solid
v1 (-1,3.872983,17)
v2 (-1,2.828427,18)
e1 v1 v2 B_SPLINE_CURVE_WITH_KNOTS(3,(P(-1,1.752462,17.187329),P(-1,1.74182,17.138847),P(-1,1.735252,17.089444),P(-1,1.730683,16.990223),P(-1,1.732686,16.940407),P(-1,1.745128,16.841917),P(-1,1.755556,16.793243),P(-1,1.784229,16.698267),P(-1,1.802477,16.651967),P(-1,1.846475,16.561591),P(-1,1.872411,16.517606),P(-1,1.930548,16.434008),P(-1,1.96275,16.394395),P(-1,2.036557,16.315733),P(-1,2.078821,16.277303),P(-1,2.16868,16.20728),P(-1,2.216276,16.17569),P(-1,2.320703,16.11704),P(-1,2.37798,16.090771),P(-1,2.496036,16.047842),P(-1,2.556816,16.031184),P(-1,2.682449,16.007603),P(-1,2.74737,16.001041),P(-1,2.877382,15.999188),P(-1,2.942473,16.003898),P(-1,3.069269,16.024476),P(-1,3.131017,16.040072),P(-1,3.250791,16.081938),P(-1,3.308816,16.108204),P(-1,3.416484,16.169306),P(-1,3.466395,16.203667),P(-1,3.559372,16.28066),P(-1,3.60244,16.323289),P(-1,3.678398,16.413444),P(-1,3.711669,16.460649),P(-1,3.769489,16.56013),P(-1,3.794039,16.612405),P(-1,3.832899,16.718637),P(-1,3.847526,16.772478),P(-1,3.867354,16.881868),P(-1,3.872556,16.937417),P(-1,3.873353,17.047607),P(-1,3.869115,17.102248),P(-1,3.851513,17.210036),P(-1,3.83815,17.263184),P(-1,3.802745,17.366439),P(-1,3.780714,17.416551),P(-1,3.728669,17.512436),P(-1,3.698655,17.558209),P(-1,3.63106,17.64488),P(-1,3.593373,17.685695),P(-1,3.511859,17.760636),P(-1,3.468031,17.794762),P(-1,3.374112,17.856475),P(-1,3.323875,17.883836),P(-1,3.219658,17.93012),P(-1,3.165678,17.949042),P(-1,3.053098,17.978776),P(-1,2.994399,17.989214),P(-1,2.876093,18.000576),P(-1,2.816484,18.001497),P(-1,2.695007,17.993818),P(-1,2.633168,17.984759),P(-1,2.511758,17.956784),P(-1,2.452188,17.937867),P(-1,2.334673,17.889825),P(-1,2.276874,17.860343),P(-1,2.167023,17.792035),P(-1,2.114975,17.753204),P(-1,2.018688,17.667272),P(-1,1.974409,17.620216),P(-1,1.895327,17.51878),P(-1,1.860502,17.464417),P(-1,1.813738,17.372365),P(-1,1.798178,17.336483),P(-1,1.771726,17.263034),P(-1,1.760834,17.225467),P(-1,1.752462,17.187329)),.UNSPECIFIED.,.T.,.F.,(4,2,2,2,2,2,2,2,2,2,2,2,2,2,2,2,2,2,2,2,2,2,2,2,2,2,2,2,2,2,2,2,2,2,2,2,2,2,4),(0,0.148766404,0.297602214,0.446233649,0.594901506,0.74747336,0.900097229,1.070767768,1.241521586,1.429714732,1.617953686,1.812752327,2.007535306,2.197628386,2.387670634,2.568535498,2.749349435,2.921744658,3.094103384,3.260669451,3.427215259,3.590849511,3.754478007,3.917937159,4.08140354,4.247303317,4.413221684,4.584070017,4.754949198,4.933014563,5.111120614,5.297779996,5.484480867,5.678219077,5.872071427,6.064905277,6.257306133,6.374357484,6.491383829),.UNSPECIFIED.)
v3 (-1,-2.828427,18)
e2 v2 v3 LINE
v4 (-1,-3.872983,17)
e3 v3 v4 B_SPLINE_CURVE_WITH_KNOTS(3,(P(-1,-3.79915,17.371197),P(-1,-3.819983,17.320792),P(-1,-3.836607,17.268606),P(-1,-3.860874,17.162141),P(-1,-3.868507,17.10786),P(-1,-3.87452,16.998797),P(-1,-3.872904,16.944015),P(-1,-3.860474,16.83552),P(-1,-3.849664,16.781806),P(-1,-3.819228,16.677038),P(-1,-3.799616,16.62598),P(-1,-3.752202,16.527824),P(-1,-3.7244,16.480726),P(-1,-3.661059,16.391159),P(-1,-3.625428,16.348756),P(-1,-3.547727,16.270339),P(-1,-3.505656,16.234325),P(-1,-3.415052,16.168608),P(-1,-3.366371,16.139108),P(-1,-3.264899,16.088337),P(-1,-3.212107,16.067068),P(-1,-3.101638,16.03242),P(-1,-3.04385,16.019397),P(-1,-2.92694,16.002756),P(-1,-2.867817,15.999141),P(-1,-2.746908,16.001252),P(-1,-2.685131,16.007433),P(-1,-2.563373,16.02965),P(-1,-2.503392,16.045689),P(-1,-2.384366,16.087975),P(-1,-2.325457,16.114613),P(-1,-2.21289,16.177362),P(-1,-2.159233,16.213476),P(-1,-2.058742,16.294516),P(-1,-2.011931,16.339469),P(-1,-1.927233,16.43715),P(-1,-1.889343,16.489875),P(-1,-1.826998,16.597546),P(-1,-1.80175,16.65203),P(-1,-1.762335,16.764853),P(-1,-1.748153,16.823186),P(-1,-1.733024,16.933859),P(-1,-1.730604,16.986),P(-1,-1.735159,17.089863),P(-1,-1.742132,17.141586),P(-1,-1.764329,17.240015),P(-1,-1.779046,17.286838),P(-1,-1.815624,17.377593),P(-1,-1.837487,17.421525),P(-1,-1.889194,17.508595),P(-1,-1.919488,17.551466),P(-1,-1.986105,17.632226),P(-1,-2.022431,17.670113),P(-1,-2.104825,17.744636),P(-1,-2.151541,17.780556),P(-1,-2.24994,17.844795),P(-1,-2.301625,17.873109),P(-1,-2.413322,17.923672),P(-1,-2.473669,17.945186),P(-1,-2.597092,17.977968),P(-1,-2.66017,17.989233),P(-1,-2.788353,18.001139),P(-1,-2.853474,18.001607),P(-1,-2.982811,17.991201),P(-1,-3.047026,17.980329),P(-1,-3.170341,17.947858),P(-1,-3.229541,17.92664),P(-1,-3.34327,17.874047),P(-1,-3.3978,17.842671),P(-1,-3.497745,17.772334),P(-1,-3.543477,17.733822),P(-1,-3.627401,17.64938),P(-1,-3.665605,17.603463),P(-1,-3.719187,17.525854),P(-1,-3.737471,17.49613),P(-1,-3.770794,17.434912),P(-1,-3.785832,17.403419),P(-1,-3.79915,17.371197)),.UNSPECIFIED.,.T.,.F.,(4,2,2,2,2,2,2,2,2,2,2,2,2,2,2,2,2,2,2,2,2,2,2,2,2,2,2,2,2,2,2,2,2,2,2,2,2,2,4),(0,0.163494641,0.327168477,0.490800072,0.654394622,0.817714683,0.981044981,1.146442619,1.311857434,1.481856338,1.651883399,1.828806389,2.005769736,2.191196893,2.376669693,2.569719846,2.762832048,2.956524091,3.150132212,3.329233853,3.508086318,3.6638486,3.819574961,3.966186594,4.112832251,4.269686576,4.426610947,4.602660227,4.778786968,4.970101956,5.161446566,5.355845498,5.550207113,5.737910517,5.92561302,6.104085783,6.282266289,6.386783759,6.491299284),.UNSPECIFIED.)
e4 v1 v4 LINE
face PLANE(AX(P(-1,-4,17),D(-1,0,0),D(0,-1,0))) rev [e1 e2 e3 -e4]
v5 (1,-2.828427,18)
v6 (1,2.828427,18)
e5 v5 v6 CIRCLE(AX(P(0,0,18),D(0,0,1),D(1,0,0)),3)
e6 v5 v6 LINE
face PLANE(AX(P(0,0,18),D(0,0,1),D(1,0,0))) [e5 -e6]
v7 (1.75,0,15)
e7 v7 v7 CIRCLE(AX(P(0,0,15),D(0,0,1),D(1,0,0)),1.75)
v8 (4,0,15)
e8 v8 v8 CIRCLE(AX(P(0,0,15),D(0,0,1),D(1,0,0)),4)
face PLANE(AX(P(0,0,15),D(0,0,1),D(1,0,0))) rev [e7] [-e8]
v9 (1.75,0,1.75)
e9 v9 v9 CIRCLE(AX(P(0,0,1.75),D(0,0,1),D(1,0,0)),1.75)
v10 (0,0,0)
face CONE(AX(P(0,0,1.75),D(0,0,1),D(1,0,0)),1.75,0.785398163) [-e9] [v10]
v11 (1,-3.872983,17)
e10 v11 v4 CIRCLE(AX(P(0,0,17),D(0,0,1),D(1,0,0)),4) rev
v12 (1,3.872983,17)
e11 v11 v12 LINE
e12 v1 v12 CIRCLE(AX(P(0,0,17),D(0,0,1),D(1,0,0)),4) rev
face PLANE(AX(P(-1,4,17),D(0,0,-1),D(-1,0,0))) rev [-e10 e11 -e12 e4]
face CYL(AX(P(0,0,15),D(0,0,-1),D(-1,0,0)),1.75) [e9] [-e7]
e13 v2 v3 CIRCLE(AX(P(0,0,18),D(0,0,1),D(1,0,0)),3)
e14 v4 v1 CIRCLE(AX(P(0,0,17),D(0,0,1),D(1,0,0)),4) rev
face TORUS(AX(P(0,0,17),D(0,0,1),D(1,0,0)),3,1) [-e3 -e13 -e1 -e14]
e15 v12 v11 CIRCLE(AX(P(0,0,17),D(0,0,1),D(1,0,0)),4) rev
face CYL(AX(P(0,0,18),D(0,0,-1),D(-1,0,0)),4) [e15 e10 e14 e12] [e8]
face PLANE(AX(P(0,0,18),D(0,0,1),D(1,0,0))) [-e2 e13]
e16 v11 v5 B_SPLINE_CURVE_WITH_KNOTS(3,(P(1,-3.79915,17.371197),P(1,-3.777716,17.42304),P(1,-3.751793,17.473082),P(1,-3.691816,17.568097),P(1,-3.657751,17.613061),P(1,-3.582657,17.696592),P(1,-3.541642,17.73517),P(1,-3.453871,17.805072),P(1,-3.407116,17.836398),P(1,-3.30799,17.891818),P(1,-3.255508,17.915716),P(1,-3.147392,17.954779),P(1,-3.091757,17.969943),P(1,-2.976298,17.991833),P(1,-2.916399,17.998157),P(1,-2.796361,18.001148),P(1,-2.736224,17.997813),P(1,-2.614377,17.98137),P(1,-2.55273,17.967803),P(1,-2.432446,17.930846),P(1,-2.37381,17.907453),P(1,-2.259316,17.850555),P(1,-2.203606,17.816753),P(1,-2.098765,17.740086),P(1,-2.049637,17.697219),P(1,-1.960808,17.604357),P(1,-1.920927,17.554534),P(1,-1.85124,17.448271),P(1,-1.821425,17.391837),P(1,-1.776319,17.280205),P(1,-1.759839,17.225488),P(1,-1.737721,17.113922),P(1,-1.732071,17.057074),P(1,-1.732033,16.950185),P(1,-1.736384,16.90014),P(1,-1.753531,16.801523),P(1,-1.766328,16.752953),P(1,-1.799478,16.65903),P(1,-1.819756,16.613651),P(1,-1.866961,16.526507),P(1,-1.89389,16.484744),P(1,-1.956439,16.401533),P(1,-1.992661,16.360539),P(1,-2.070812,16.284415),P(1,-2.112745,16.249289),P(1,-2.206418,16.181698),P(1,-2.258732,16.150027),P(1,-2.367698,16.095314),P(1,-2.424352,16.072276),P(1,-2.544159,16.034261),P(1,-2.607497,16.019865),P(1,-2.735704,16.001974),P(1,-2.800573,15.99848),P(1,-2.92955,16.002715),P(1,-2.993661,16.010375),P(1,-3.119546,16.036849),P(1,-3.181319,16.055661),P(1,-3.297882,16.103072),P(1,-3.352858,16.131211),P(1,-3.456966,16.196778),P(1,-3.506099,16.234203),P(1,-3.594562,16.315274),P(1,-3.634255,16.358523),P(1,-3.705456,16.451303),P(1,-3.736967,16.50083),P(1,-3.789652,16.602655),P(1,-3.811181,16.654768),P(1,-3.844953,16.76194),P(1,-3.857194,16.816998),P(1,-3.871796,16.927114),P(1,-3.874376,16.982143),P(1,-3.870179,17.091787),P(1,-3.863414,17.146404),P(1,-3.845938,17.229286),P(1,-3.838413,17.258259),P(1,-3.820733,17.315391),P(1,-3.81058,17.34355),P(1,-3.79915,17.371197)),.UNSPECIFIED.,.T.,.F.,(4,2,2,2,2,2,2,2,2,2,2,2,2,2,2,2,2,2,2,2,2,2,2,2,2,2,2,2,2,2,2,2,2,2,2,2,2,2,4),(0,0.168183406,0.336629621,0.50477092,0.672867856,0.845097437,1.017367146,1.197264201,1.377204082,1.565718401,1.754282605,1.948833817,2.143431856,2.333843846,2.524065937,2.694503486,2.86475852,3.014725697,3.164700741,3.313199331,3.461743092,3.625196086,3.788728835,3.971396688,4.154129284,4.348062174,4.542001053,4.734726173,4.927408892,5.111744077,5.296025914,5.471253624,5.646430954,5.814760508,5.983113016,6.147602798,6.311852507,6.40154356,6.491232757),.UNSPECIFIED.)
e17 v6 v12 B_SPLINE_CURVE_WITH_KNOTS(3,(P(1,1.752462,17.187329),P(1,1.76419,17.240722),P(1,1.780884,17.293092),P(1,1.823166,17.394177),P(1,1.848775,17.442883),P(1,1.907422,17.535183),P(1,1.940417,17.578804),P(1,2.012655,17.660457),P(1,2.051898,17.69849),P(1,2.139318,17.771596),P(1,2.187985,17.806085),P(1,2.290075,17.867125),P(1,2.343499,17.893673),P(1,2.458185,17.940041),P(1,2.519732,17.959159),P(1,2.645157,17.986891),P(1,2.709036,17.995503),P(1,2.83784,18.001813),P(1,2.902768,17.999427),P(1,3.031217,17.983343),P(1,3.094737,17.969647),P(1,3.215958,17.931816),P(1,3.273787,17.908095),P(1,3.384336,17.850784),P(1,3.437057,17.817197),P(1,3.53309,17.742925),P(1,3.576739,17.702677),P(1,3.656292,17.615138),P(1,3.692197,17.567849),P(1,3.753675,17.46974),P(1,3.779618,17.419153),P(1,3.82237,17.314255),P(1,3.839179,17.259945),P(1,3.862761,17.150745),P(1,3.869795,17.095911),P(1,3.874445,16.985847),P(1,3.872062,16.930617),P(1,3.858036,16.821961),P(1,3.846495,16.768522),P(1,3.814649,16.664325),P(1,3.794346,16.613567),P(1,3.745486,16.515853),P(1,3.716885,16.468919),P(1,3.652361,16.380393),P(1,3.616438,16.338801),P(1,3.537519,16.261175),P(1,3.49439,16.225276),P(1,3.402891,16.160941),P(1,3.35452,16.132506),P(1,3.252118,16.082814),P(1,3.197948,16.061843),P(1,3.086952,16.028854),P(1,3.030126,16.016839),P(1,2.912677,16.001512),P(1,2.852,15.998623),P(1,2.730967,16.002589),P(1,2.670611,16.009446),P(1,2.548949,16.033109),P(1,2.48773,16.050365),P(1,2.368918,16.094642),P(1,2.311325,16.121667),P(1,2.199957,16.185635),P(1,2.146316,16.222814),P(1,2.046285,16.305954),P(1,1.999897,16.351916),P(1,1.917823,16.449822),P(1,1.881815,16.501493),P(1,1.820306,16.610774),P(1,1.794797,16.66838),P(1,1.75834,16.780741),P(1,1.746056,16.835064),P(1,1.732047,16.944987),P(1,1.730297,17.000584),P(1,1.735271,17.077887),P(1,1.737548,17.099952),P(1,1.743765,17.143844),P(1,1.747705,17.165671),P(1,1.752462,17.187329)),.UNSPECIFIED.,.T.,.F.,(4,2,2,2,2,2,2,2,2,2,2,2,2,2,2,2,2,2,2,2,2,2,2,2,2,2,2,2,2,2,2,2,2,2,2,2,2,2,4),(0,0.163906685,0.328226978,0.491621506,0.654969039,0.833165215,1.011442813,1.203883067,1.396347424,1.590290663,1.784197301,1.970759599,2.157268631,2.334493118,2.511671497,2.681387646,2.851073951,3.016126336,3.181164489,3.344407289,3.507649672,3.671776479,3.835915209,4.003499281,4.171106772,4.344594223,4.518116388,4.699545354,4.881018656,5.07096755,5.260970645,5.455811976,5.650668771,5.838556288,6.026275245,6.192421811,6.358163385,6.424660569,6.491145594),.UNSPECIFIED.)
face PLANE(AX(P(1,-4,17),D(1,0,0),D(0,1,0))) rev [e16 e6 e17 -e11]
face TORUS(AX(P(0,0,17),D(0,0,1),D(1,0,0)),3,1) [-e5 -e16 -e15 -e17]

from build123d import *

# Parameters (mm, degrees)
SKICA1_R                 = 1.75
VYSUNOUT1_DEPTH          = 15
SKICA3_R                 = 4
VYSUNOUT2_DEPTH          = 3
ZAOBLIT1_R               = 1
ZKOSIT1_SIZE             = 1.75
SKICA8_W                 = 2
SKICA8_H                 = 8
ODEBRAT_VYSUNUT_M2_DEPTH = 1


with BuildPart() as part:
    # Skica1 → Vysunout1 (new body)
    with BuildSketch(Plane.XY):
        Circle(SKICA1_R)
    extrude(amount=VYSUNOUT1_DEPTH)

    # Skica3 → Vysunout2 (add)
    with BuildSketch(Plane.XY.offset(15)):
        Circle(SKICA3_R)
    extrude(amount=VYSUNOUT2_DEPTH)

    # Zaoblit1
    zaoblit1_edges = [part.edges().sort_by_distance(p)[0] for p in [
        (-4, 0, 18),
    ]]
    fillet(zaoblit1_edges, radius=ZAOBLIT1_R)

    # Zkosit1
    zkosit1_edges = [part.edges().sort_by_distance(p)[0] for p in [
        (-1.75, 0, 0),
    ]]
    chamfer(zkosit1_edges, length=ZKOSIT1_SIZE)

    # Skica8 → Odebrat vysunutím2 (cut)
    with BuildSketch(Plane.XY.offset(18)):
        Rectangle(SKICA8_W, SKICA8_H)
    extrude(amount=-ODEBRAT_VYSUNUT_M2_DEPTH, mode=Mode.SUBTRACT)


solid = part.part
